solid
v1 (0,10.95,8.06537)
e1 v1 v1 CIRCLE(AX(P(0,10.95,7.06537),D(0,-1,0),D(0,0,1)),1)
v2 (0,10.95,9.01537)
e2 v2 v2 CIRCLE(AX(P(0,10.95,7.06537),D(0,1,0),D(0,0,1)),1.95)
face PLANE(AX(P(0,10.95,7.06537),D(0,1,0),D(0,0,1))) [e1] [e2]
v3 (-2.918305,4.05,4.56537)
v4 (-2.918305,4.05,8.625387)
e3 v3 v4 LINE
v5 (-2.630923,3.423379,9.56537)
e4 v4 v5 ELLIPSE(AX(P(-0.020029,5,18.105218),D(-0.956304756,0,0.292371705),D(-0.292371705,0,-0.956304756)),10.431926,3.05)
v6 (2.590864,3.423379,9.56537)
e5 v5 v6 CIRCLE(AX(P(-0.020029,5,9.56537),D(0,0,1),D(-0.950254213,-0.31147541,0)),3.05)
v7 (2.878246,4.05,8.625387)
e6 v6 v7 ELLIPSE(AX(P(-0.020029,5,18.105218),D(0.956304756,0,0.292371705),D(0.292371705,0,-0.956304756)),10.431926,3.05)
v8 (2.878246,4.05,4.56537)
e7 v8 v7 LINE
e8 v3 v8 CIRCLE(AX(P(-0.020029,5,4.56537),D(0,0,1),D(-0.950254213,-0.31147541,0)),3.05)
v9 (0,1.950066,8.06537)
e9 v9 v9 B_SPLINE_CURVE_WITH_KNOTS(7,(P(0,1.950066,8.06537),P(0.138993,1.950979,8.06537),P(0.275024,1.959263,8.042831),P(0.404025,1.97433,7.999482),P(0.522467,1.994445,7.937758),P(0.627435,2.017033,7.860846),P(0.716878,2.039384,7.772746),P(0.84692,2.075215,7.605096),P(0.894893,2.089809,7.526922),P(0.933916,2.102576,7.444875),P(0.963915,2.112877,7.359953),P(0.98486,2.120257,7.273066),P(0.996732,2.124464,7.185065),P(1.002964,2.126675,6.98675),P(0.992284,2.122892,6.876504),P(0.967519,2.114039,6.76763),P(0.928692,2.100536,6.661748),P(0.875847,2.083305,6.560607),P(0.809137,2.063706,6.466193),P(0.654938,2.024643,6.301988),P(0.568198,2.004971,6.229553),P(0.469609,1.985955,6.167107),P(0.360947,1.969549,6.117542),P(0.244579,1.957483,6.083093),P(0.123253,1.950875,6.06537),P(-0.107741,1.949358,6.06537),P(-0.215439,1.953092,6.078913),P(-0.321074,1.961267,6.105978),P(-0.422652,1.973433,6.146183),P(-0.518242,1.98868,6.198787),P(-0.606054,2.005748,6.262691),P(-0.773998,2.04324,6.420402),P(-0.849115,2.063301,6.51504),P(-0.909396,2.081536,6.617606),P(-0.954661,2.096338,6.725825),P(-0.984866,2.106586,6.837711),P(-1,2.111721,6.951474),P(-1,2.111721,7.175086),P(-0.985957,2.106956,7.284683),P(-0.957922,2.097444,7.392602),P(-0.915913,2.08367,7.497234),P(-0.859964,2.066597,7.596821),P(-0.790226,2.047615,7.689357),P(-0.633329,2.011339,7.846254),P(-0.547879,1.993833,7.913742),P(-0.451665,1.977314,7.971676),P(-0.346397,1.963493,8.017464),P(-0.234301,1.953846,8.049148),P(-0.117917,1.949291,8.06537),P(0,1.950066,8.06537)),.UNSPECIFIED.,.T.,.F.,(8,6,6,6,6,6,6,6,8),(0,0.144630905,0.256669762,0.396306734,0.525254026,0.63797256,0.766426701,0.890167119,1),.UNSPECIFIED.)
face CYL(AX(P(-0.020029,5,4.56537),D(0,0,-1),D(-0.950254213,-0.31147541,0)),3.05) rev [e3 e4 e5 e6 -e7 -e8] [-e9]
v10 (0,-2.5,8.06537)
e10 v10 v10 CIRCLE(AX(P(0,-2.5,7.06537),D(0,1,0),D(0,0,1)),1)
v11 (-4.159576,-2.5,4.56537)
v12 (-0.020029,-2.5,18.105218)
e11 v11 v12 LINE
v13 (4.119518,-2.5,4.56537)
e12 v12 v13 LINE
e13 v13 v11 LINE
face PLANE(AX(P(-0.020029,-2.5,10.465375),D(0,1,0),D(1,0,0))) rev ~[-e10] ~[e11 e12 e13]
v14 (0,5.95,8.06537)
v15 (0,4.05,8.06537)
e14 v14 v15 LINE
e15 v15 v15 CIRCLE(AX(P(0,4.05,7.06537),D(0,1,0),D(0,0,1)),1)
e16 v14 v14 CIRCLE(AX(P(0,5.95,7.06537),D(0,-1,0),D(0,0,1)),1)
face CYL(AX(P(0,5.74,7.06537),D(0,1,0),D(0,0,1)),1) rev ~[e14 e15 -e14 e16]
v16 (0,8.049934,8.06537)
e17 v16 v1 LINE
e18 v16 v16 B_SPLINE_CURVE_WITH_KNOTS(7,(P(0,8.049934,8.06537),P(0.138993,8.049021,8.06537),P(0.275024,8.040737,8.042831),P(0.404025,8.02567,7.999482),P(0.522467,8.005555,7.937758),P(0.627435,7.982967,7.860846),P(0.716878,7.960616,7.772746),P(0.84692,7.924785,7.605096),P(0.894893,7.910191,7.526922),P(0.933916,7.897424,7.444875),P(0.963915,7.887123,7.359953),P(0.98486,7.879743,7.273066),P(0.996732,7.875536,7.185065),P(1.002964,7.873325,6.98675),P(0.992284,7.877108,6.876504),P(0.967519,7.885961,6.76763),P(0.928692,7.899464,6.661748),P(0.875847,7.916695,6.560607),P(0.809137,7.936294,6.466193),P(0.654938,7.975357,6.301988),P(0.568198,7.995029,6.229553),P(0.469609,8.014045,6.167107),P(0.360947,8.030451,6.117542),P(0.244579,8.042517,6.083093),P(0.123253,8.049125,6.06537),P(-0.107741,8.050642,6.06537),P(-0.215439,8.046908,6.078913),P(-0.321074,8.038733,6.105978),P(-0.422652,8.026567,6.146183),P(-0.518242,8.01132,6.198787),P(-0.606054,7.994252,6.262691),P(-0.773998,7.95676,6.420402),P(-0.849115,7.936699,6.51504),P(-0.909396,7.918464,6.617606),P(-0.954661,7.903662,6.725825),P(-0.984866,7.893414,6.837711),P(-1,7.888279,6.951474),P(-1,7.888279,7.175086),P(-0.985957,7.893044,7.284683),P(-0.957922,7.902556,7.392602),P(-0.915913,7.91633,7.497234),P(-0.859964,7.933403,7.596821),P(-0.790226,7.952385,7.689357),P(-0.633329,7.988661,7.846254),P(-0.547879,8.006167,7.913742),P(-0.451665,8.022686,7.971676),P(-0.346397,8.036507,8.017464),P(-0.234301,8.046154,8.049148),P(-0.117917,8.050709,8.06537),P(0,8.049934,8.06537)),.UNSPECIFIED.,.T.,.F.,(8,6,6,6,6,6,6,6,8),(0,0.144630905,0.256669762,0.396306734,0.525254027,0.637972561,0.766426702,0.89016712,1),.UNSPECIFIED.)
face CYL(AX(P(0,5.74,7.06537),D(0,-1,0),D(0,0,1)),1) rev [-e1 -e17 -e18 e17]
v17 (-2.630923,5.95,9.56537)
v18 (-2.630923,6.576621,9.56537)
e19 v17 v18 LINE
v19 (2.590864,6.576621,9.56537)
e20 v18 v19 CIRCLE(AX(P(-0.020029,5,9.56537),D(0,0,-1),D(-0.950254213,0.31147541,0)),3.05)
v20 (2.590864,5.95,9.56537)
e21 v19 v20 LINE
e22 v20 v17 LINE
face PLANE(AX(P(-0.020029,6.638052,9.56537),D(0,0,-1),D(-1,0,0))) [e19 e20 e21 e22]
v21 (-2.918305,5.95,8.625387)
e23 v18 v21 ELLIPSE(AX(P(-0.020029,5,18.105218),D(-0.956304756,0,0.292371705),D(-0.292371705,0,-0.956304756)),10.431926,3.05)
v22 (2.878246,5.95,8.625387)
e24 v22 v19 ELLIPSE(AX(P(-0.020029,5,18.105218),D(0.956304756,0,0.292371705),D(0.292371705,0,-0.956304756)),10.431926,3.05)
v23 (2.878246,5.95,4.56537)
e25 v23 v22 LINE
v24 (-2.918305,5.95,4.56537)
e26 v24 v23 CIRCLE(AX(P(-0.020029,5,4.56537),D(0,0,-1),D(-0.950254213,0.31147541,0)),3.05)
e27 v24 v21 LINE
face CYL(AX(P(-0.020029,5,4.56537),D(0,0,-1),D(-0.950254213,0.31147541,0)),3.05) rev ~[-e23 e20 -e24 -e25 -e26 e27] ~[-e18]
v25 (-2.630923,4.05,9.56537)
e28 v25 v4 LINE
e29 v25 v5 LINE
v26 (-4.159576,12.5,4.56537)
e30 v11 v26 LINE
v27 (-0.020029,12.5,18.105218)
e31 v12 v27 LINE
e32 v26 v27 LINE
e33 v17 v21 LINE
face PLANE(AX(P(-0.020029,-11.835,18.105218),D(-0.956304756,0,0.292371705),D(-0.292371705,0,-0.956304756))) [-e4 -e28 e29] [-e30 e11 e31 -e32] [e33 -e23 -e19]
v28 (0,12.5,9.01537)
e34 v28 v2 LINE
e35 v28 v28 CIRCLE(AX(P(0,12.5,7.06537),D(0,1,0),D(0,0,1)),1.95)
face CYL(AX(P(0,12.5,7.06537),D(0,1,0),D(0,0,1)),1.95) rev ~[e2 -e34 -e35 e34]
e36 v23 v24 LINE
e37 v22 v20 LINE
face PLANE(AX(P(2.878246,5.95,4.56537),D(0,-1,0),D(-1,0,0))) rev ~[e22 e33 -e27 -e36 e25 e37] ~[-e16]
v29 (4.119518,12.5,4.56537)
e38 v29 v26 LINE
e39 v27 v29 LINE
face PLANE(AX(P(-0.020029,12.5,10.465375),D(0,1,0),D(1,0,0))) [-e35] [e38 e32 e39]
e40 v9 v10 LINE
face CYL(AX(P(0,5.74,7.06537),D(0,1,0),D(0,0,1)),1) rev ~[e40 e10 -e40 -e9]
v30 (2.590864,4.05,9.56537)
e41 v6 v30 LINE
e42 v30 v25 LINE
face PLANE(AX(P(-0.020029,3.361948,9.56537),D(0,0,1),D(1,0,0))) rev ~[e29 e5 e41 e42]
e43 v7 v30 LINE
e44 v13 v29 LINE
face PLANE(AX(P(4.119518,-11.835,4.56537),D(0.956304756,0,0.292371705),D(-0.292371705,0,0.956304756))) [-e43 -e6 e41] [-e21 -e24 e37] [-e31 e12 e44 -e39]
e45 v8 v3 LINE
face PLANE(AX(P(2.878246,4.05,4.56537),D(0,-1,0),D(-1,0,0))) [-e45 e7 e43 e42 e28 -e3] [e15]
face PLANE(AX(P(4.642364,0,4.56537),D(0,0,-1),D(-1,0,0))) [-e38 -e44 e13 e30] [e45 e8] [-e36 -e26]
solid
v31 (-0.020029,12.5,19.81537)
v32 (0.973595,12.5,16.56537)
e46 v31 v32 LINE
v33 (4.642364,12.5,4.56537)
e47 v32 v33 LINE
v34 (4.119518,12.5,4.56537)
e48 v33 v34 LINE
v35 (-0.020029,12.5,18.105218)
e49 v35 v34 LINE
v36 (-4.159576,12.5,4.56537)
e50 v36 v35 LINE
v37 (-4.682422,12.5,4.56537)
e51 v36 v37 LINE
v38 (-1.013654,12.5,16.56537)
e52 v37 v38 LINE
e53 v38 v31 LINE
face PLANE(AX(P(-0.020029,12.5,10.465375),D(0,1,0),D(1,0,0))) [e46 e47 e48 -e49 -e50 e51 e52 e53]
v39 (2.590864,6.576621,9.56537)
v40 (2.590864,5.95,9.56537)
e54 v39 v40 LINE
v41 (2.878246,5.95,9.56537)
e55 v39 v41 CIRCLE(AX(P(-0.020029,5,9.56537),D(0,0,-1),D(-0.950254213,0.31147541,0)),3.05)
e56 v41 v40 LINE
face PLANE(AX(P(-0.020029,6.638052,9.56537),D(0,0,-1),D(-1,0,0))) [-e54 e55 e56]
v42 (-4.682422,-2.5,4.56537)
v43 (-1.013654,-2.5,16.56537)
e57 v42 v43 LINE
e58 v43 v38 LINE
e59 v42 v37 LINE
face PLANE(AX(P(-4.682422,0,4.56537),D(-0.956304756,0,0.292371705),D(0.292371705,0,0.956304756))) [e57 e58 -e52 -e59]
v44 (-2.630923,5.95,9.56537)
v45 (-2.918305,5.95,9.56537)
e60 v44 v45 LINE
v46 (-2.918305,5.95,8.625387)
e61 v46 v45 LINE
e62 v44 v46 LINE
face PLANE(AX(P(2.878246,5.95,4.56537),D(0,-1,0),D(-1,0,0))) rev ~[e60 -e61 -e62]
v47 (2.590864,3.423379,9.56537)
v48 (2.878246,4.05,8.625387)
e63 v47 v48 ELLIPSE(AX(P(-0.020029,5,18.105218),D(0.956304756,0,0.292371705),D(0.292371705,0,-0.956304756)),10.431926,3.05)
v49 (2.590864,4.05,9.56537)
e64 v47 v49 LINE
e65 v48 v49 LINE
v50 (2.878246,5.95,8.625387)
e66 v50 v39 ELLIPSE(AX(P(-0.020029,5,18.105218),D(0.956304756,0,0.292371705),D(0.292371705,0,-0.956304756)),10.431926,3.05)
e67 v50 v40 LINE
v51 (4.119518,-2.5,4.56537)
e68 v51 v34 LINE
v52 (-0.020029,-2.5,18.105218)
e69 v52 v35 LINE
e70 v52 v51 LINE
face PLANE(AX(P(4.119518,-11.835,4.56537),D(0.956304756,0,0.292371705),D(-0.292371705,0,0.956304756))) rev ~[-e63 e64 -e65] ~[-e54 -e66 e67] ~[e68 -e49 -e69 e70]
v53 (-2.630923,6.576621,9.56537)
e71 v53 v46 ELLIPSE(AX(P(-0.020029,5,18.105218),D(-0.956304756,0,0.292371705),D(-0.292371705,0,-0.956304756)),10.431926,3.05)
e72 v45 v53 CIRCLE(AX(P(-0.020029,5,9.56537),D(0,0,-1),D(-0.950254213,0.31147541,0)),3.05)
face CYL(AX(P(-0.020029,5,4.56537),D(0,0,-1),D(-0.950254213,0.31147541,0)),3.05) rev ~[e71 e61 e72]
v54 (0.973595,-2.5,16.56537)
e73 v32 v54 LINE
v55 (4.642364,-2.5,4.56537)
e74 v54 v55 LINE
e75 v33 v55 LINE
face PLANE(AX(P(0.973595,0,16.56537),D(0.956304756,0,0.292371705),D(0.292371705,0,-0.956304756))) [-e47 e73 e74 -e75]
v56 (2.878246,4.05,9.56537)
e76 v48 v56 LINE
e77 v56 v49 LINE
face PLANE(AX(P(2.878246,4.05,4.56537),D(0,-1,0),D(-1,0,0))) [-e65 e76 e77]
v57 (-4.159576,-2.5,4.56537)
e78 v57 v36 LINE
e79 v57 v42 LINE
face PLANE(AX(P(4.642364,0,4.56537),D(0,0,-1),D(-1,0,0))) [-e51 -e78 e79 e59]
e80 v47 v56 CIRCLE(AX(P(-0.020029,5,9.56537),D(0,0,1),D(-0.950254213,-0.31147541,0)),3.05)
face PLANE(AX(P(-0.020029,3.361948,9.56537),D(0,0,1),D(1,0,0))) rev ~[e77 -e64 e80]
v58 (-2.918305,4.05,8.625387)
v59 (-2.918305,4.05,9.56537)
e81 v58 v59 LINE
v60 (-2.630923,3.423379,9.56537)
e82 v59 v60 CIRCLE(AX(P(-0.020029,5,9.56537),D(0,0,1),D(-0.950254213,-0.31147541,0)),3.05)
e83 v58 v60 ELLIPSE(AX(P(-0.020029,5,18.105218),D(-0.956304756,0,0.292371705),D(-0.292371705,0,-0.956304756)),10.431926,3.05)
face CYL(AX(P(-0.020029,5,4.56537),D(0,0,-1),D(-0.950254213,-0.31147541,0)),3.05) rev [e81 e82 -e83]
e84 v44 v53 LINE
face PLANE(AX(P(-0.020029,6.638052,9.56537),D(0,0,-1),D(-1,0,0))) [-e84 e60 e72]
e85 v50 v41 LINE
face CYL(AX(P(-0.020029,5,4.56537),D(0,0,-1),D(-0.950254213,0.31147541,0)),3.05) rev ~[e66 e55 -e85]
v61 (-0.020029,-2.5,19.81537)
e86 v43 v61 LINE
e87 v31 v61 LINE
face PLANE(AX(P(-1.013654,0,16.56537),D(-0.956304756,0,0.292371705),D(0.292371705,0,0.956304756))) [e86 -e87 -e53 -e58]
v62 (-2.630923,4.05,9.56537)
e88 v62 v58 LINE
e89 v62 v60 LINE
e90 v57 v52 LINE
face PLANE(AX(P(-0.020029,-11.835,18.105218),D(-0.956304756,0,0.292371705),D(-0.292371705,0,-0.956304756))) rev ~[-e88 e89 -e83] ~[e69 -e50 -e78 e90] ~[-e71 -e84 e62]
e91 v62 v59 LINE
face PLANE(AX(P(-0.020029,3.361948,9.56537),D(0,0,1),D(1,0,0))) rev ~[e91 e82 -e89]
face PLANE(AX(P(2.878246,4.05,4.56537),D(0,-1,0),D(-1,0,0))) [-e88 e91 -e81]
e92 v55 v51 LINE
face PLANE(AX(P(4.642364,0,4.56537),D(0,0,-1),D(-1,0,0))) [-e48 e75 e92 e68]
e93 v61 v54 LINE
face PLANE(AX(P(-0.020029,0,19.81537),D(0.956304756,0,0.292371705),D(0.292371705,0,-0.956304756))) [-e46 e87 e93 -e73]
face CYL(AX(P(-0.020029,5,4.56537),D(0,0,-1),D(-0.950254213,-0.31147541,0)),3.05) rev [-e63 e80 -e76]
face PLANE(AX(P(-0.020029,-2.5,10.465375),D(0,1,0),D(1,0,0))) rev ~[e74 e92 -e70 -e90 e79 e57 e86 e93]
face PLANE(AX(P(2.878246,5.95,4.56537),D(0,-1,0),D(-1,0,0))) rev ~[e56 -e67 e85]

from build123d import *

# Parameters (mm, degrees)
BOSS_EXTRUDE1_DEPTH      = 12.5
BOSS_EXTRUDE1_DEPTH_BACK = 2.5
CUT_EXTRUDE1_DEPTH       = 5
SKETCH5_R                = 1
CUT_EXTRUDE2_DEPTH       = 22.965235397
CUT_EXTRUDE2_DEPTH_BACK  = 22.965235397
SKETCH6_R                = 1.95
CUT_EXTRUDE3_DEPTH       = 1.55
SPLIT3_SURFACE_1_BACK    = 24.335
SPLIT3_SURFACE_1_DEPTH   = 48.67
SPLIT3_SURFACE_2_BACK    = 24.335
SPLIT3_SURFACE_2_DEPTH   = 48.67


with BuildPart() as part:
    # Sketch1 → Boss-Extrude1 (new, two sides)
    with BuildSketch(Plane(origin=(0, 0, 0), x_dir=(1, 0, 0), z_dir=(0, 1, 0))) as boss_extrude1_sk:
        Polygon((4.642363604, -4.565370009), (-4.68242218, -4.565370009), (-1.013654003, -16.565370009), (-0.020029288, -19.815370009), (0.973595427, -16.565370009), align=None)
    extrude(amount=BOSS_EXTRUDE1_DEPTH)
    extrude(boss_extrude1_sk.sketch, amount=-BOSS_EXTRUDE1_DEPTH_BACK)

    # Sketch2 → Cut-Extrude1 (cut)
    with BuildSketch(Plane(origin=(0, 0, 4.565370009), x_dir=(-1, 0, 0), z_dir=(0, 0, -1))):
        with BuildLine():
            Line((-2.878246061, 5.95), (2.918304637, 5.95))
            ThreePointArc((2.918304637, 5.95), (0.020029288, 8.05), (-2.878246061, 5.95))
        make_face()
        with BuildLine():
            Line((-2.878246061, 4.05), (2.918304637, 4.05))
            ThreePointArc((2.918304637, 4.05), (0.020029288, 1.95), (-2.878246061, 4.05))
        make_face()
    extrude(amount=-CUT_EXTRUDE1_DEPTH, mode=Mode.SUBTRACT)

    # Sketch5 → Cut-Extrude2 (cut, two sides)
    with BuildSketch(Plane(origin=(0, 5.74, 0), x_dir=(1, 0, 0), z_dir=(0, 1, 0))) as cut_extrude2_sk:
        with Locations(Location((0, -7.065370009, 0), (0, 0, 270))):
            Circle(SKETCH5_R)
    extrude(amount=CUT_EXTRUDE2_DEPTH, mode=Mode.SUBTRACT)
    extrude(cut_extrude2_sk.sketch, amount=-CUT_EXTRUDE2_DEPTH_BACK, mode=Mode.SUBTRACT)

    # Sketch6 → Cut-Extrude3 (cut)
    with BuildSketch(Plane(origin=(0, 12.5, 0), x_dir=(1, 0, 0), z_dir=(0, 1, 0))):
        with Locations(Location((0, -7.065370009, 0), (0, 0, 270))):
            Circle(SKETCH6_R)
    extrude(amount=-CUT_EXTRUDE3_DEPTH, mode=Mode.SUBTRACT)


with BuildPart() as body_2:
    # Split3: the piece behind the surface
    add(part.part)
    # Split3 surface: a surface, the sketch's curves swept straight by 48.67 mm
    with BuildLine(Plane(origin=(0, 12.5, 0), x_dir=(1, 0, 0), z_dir=(0, 1, 0)).offset(-SPLIT3_SURFACE_1_BACK), mode=Mode.PRIVATE) as split3_surface_1_path:
        Line((-4.68242218, -4.565370009), (-0.020029288, -19.815370009))
        Line((-0.020029288, -19.815370009), (4.642363604, -4.565370009))
        Line((4.642363604, -4.565370009), (4.119517726, -4.565370009))
        Line((4.119517726, -4.565370009), (-0.020029288, -18.105218199))
        Line((-0.020029288, -18.105218199), (-4.159576302, -4.565370009))
        Line((-4.159576302, -4.565370009), (-4.68242218, -4.565370009))
    split3_surface_1 = Shell.extrude(split3_surface_1_path.wire(), (0 * SPLIT3_SURFACE_1_DEPTH, 1 * SPLIT3_SURFACE_1_DEPTH, 0 * SPLIT3_SURFACE_1_DEPTH))
    split(bisect_by=split3_surface_1, keep=Keep.BOTTOM)


with BuildPart() as part_1:
    add(part.part)

    # Split3: split by a surface, the side it looks to stays
    # Split3 surface: a surface, the sketch's curves swept straight by 48.67 mm
    with BuildLine(Plane(origin=(0, 12.5, 0), x_dir=(1, 0, 0), z_dir=(0, 1, 0)).offset(-SPLIT3_SURFACE_2_BACK), mode=Mode.PRIVATE) as split3_surface_2_path:
        Line((-4.68242218, -4.565370009), (-0.020029288, -19.815370009))
        Line((-0.020029288, -19.815370009), (4.642363604, -4.565370009))
        Line((4.642363604, -4.565370009), (4.119517726, -4.565370009))
        Line((4.119517726, -4.565370009), (-0.020029288, -18.105218199))
        Line((-0.020029288, -18.105218199), (-4.159576302, -4.565370009))
        Line((-4.159576302, -4.565370009), (-4.68242218, -4.565370009))
    split3_surface_2 = Shell.extrude(split3_surface_2_path.wire(), (0 * SPLIT3_SURFACE_2_DEPTH, 1 * SPLIT3_SURFACE_2_DEPTH, 0 * SPLIT3_SURFACE_2_DEPTH))
    split(bisect_by=split3_surface_2, keep=Keep.TOP)


solid = Compound([body_2.part, part_1.part])
